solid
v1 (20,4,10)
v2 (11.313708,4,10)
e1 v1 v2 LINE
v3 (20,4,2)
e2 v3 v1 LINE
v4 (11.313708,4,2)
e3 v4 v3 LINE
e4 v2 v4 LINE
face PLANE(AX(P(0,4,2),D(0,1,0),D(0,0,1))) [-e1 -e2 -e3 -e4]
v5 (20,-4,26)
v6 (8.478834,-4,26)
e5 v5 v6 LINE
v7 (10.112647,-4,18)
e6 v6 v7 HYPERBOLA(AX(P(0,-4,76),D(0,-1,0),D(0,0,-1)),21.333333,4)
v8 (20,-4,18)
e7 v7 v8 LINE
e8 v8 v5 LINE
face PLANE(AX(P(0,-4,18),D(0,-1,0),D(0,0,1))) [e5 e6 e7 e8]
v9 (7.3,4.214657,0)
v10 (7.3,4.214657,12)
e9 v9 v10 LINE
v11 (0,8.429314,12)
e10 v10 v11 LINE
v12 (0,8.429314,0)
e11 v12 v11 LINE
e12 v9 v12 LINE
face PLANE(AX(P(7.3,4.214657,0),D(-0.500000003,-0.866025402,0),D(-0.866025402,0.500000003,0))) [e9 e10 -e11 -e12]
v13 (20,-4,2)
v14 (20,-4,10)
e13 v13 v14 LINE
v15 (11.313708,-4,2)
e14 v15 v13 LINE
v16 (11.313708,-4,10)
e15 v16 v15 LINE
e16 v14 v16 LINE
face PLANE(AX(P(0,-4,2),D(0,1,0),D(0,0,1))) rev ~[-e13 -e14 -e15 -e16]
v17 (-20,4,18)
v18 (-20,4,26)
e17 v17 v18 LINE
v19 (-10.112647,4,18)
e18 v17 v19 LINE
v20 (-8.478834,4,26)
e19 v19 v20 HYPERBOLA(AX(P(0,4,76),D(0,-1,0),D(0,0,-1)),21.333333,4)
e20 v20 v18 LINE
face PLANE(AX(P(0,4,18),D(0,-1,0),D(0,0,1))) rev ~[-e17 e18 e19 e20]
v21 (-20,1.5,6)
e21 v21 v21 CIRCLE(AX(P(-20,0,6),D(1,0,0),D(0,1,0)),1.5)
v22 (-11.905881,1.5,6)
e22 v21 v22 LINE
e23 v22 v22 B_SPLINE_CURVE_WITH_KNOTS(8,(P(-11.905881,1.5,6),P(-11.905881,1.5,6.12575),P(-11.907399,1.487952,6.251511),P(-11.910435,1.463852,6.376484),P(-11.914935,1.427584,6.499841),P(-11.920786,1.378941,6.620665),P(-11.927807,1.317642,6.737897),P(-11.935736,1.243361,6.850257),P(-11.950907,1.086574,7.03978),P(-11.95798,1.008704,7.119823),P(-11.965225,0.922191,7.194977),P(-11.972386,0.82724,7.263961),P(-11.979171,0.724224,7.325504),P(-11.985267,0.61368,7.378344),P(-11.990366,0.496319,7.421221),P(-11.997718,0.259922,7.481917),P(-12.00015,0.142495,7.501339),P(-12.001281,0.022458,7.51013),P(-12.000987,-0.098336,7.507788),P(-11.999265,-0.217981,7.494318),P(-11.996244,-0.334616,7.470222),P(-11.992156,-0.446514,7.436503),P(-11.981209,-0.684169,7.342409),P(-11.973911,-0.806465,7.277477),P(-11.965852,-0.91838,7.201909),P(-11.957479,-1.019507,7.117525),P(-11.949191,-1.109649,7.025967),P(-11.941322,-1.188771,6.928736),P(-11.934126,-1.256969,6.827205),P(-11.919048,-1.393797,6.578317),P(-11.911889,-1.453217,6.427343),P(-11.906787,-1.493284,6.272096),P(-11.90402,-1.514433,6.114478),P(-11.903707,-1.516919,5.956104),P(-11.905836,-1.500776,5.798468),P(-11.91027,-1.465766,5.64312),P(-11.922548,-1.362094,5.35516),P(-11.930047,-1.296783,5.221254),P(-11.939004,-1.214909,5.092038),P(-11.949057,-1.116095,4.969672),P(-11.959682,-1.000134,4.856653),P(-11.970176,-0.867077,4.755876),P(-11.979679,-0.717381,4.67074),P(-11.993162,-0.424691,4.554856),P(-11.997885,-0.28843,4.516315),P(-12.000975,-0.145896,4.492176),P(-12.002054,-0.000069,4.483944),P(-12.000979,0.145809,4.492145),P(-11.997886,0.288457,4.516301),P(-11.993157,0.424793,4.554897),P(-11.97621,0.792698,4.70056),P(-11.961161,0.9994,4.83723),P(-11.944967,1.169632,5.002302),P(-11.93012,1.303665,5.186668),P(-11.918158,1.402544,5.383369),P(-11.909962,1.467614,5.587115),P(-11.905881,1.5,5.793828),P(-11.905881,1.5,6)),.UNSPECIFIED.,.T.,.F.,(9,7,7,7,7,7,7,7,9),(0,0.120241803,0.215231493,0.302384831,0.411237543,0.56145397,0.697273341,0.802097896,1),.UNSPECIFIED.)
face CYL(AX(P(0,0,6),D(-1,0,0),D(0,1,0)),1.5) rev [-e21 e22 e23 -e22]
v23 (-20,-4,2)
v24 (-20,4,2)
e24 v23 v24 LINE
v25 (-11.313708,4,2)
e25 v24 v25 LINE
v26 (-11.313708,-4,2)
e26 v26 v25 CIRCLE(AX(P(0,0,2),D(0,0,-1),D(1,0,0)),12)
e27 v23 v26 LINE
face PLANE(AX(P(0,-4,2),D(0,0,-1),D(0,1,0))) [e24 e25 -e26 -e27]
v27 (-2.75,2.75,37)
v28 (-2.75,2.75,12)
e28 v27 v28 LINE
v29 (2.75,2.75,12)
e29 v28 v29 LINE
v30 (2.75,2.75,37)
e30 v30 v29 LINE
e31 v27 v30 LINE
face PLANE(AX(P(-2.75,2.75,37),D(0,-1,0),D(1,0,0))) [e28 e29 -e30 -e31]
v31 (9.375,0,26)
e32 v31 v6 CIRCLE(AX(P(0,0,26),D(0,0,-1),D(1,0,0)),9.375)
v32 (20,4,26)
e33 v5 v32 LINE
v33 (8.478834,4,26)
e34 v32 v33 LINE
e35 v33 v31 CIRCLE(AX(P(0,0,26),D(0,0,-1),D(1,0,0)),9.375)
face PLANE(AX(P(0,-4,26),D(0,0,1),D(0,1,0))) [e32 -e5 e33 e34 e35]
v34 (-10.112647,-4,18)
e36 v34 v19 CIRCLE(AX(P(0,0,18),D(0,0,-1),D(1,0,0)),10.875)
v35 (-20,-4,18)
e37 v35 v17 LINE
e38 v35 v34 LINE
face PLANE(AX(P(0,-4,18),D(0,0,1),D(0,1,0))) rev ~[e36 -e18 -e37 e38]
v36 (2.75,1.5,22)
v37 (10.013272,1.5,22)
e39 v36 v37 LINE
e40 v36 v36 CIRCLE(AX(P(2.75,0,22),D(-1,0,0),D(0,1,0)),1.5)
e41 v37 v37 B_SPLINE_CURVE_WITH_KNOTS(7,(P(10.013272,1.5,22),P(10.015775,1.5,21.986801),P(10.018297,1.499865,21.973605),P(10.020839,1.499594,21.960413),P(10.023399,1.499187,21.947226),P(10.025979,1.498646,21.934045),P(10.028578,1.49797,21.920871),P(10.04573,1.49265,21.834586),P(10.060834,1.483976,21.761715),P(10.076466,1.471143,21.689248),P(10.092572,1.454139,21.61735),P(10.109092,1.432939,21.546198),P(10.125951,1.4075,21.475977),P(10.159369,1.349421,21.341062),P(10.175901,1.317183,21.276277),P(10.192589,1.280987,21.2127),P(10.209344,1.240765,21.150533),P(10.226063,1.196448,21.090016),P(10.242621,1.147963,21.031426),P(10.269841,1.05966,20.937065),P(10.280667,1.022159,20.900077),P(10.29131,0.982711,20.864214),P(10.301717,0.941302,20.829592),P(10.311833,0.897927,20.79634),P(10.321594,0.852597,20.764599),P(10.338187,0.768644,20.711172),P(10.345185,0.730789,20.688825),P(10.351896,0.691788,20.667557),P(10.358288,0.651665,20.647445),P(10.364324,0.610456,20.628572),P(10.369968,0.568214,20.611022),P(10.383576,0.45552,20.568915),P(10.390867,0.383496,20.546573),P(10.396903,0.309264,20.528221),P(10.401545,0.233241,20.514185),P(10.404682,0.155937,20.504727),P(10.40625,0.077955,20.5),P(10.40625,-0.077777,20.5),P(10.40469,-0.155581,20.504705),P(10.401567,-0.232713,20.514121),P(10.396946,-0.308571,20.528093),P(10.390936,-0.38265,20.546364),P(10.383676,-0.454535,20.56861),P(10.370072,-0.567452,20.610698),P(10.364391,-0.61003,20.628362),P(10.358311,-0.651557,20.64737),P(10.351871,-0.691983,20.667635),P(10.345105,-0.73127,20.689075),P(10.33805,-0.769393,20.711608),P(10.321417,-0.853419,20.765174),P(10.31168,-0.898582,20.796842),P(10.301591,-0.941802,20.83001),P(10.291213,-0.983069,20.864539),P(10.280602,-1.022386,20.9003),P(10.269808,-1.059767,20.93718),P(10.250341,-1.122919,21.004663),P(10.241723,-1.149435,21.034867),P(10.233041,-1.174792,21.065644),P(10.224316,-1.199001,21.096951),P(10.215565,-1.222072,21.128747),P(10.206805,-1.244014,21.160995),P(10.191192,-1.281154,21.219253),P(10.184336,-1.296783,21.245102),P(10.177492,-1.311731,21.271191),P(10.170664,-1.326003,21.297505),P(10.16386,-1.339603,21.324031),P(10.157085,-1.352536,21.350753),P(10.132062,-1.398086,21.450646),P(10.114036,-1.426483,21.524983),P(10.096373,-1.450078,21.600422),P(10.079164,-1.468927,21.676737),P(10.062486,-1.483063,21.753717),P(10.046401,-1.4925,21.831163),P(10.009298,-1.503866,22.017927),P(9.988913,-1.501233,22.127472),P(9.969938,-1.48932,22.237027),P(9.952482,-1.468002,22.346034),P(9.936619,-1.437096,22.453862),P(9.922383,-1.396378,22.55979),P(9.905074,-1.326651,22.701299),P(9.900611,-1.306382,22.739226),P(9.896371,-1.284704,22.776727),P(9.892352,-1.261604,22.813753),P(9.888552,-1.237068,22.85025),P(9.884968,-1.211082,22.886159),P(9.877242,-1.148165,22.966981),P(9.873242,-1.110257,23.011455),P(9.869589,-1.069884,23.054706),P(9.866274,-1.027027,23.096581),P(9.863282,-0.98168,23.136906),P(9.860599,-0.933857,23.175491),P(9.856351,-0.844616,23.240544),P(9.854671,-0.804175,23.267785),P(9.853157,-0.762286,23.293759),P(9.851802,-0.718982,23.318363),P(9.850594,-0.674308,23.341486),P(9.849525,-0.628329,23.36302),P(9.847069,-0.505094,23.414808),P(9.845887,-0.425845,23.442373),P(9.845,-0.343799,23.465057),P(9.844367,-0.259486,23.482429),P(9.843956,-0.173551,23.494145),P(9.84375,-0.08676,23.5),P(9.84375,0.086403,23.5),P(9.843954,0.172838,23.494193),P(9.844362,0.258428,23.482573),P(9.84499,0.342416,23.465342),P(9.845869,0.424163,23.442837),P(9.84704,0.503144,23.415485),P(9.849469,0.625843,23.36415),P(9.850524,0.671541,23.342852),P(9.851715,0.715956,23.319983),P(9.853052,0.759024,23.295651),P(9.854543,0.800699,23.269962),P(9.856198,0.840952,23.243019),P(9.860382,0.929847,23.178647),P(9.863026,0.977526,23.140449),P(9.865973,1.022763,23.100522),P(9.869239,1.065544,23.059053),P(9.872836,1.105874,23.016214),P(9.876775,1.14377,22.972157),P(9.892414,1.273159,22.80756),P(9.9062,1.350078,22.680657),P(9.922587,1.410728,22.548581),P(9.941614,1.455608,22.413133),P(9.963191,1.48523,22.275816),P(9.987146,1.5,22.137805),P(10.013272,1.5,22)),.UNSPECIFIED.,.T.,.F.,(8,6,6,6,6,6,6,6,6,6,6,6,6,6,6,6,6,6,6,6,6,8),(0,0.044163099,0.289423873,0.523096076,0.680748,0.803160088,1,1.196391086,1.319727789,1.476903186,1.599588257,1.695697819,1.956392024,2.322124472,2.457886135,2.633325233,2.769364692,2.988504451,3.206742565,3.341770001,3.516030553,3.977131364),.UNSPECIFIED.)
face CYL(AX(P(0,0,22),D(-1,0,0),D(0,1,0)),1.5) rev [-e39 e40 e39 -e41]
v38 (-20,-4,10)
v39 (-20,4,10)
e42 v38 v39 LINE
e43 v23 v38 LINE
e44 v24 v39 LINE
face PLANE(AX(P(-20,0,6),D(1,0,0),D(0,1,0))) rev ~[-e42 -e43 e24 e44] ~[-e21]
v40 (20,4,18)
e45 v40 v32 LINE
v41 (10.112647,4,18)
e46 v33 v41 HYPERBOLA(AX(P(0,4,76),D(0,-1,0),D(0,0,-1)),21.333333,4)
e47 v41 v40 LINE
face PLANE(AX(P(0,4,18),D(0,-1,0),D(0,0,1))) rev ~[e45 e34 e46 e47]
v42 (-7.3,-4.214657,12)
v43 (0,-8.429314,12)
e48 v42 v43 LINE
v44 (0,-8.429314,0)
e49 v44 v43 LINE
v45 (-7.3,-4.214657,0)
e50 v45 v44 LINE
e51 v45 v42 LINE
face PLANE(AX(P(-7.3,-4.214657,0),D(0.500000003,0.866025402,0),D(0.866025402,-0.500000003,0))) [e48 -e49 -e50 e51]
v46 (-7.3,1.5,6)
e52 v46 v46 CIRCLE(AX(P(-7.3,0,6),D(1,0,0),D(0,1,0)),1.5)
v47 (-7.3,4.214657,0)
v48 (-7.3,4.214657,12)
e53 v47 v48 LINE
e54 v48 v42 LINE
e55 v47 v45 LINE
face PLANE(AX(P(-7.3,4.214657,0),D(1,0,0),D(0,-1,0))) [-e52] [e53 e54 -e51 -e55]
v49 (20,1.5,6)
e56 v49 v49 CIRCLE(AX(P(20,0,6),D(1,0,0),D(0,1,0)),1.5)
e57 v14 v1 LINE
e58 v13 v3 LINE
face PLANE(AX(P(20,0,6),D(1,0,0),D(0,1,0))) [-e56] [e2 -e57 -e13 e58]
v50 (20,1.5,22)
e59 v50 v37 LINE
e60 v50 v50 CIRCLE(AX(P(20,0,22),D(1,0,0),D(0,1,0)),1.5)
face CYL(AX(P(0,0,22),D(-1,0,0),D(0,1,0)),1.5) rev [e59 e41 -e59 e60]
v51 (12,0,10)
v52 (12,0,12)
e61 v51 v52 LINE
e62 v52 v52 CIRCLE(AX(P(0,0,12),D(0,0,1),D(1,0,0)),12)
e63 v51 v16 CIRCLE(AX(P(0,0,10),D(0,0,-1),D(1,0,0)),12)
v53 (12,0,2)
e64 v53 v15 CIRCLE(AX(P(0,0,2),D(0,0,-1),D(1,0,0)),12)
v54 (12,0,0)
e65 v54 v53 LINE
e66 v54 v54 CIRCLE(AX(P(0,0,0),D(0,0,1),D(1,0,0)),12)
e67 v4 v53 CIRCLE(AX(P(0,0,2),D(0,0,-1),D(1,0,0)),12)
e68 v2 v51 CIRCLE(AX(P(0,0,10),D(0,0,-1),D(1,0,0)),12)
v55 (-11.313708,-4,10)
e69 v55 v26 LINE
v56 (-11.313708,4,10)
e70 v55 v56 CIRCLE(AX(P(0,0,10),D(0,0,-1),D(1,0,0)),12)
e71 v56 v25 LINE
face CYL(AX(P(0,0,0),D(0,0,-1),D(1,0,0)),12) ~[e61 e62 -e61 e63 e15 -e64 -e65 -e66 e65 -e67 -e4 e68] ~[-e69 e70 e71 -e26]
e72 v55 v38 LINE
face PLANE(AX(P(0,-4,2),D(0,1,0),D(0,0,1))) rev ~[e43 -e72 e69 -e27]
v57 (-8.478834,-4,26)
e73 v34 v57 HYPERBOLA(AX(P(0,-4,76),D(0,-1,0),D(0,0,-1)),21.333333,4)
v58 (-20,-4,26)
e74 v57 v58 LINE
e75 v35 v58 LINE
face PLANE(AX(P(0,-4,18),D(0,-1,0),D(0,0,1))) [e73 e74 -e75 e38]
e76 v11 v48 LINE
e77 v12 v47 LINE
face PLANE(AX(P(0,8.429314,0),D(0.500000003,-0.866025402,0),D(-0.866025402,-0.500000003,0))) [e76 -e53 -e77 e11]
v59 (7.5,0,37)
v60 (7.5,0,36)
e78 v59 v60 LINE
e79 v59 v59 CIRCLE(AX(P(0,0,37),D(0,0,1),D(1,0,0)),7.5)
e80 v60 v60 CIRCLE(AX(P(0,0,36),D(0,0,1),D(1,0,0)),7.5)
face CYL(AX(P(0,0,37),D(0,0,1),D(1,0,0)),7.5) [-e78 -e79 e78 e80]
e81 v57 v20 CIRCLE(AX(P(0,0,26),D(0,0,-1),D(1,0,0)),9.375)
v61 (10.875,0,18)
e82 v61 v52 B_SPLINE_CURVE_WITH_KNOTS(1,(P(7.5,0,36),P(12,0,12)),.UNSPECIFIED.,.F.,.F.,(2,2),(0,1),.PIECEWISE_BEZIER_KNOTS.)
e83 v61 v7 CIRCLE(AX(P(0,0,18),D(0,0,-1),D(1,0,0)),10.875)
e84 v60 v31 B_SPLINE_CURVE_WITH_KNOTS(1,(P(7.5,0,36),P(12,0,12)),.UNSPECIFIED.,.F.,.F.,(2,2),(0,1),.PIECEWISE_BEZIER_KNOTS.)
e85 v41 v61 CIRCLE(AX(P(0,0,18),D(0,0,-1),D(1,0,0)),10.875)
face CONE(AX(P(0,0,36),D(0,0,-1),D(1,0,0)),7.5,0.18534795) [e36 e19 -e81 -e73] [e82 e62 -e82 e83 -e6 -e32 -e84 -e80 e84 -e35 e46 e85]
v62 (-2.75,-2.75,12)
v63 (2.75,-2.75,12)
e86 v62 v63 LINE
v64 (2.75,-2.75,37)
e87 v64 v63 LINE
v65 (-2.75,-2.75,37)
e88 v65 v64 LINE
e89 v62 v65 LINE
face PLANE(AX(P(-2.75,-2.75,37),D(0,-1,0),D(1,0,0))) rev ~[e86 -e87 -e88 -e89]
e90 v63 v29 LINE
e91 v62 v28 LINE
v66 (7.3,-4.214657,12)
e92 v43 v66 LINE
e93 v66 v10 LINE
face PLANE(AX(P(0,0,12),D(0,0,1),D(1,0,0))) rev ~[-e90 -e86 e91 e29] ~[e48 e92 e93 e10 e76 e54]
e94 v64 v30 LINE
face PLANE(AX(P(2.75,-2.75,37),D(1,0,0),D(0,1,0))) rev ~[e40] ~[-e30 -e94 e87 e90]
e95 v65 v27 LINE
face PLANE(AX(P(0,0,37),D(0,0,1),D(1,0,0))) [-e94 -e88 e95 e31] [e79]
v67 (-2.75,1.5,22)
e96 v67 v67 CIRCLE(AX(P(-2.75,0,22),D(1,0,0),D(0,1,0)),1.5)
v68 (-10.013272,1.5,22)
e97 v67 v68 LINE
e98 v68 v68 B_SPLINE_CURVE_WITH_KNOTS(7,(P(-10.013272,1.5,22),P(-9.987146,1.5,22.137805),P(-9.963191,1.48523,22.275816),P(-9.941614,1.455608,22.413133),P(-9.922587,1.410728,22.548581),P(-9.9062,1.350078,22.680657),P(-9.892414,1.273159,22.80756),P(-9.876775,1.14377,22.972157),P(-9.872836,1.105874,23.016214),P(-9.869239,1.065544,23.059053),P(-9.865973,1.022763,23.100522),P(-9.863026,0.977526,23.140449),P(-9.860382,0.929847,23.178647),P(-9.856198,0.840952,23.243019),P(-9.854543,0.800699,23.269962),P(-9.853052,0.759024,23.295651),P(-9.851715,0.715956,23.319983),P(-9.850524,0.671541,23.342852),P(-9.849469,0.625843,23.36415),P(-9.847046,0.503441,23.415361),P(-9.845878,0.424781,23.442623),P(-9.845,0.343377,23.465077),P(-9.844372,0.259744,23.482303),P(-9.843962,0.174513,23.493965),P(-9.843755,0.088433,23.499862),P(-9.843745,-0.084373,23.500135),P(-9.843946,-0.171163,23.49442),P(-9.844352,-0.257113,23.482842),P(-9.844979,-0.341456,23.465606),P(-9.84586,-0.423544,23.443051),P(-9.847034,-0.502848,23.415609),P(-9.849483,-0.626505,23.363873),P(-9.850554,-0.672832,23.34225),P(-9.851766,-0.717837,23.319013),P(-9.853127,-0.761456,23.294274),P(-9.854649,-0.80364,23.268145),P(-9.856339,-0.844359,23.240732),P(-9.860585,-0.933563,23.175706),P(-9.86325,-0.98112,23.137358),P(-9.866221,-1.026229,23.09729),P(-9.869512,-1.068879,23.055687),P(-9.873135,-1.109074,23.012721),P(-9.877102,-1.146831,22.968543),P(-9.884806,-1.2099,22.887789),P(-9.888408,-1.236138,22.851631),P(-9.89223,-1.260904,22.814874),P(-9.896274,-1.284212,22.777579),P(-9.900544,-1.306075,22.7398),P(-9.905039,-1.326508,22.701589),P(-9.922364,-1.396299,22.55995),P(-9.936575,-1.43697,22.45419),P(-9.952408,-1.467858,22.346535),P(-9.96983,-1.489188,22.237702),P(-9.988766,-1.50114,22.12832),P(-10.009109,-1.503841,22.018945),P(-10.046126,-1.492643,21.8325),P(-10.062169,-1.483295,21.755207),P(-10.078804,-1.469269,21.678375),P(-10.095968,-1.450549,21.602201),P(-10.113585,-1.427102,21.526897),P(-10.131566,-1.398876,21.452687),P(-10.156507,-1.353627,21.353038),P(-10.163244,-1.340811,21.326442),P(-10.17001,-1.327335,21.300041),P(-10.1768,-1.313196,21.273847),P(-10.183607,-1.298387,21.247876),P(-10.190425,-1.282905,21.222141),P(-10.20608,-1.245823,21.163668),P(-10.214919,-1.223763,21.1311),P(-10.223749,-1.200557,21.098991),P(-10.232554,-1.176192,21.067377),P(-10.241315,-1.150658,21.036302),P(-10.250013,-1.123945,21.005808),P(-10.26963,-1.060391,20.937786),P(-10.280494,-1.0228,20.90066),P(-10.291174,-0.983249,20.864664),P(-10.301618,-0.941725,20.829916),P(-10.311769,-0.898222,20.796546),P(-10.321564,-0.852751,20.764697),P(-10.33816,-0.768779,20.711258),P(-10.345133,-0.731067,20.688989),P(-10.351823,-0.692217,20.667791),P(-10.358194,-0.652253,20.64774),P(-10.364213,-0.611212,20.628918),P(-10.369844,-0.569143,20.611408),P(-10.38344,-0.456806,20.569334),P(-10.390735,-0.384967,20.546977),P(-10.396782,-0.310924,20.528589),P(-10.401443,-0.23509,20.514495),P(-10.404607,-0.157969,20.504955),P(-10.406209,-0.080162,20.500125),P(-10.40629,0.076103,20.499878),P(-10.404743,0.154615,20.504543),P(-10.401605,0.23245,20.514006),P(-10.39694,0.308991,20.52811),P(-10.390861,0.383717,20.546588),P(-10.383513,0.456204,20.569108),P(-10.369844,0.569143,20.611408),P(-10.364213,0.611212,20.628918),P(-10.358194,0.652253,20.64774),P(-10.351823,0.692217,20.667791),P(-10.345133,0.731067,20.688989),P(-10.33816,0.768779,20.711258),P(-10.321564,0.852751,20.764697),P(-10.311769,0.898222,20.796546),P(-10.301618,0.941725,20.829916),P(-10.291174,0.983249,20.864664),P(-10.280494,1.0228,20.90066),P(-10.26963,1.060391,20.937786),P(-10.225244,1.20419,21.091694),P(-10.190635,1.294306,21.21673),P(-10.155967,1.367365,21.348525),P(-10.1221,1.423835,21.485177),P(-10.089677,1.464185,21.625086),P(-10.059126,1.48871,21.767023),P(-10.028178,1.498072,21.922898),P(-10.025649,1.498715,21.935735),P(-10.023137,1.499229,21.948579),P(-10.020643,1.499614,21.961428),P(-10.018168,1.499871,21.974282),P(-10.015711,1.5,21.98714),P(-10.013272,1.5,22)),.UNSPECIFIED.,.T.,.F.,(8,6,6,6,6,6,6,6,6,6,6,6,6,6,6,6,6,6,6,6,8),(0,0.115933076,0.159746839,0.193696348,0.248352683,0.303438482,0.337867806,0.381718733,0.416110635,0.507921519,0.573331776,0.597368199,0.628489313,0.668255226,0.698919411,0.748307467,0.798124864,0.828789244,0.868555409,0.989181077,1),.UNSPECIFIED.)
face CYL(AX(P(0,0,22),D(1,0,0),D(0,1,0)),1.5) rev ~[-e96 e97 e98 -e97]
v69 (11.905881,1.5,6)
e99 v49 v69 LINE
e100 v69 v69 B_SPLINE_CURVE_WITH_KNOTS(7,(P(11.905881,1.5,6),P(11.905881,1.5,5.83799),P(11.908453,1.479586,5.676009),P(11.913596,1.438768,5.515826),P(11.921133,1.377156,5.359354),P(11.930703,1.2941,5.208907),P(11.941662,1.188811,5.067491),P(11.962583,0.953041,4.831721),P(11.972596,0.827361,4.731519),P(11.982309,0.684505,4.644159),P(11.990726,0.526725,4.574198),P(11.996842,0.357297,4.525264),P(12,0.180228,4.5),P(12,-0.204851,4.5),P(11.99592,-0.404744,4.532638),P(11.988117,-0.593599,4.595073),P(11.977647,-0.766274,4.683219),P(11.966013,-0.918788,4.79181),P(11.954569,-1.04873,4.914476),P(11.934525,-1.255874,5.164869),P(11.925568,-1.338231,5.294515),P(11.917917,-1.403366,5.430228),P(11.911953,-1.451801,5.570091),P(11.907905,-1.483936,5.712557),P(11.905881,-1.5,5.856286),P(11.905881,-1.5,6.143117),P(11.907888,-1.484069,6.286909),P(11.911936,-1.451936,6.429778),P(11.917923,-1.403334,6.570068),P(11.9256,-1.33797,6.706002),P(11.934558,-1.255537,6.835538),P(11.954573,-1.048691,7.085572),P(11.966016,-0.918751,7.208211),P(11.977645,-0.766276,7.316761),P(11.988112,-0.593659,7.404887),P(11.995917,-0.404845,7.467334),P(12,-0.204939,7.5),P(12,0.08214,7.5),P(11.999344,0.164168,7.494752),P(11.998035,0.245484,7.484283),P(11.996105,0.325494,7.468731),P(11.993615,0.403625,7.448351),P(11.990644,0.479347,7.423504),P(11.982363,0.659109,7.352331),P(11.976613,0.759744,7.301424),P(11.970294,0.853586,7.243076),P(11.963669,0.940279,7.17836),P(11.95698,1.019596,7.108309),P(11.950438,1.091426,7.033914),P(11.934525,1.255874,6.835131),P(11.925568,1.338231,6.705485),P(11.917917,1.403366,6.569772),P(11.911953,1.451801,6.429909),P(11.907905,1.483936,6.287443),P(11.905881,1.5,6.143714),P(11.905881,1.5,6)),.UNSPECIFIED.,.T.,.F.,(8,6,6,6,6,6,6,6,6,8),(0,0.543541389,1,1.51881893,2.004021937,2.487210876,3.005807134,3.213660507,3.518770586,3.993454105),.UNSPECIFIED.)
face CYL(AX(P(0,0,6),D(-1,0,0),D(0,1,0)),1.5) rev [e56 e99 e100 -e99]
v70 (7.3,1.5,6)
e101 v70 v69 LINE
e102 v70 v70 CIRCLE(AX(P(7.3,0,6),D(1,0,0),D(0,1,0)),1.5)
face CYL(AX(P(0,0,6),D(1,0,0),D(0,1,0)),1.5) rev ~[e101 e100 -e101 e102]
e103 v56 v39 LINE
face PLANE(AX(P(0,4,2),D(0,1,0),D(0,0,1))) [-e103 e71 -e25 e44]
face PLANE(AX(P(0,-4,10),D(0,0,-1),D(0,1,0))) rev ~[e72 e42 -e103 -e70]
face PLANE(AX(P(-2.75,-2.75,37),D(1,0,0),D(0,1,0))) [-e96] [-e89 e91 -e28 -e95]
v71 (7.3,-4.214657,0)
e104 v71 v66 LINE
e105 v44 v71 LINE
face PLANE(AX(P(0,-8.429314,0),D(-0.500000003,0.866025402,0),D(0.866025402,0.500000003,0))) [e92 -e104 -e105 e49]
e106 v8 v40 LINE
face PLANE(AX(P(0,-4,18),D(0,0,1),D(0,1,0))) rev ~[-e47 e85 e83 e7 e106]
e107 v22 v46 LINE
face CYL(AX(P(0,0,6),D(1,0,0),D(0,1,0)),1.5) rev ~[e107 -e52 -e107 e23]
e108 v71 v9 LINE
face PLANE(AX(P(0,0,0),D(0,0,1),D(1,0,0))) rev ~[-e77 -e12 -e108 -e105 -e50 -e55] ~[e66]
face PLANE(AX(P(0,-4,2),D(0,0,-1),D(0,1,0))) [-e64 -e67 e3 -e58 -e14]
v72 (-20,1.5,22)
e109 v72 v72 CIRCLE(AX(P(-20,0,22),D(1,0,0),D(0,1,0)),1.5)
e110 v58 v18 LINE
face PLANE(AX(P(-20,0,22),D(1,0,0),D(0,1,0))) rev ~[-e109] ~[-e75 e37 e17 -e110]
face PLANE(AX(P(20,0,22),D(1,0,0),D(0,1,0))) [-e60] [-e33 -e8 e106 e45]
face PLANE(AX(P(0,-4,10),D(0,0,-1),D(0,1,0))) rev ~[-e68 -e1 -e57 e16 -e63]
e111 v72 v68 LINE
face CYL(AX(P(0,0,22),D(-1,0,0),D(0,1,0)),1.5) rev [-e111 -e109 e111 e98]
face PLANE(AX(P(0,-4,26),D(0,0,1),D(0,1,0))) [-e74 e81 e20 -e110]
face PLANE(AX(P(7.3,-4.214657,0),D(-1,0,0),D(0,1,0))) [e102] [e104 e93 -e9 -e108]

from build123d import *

# Parameters (mm, degrees)
F0_R        = 12
F1_DEPTH    = 12
F3_R        = 7.5
F3_W        = 5.5
F3_H        = 5.5
F4_DEPTH    = 1
F4_FACE_R   = 7.5
F1_FACE_R   = 12
F6_DEPTH    = 25
F7_DEPTH    = 12
F8_W        = 8
F8_H        = 8
F8_R        = 1.5
F9_DEPTH    = 20
F9_FACE_W   = 14.6
F9_FACE_H   = 8
F10_DEPTH   = 8
F9_FACE_W_2 = 5.5
F9_FACE_H_2 = 5.5
F11_DEPTH   = 25
F12_DEPTH   = 12.5


with BuildPart() as f1:
    # F0 (on Top) → F1 (new body)
    with BuildSketch(Plane.XY):
        Circle(F0_R)
        Polygon((-7.3, -4.214657), (-7.3, 4.214657), (0, 8.429314), (7.3, 4.214657), (7.3, -4.214657), (0, -8.429314), align=None, mode=Mode.SUBTRACT)
        Polygon((0, 8.429314), (-7.3, 4.214657), (-7.3, -4.214657), (0, -8.429314), (7.3, -4.214657), (7.3, 4.214657), align=None)
    extrude(amount=F1_DEPTH)



with BuildPart() as f4:
    # F3 (on offset) → F4 (new body)
    with BuildSketch(Plane.XY.offset(37)):
        Circle(F3_R)
        Rectangle(F3_W, F3_H, mode=Mode.SUBTRACT)
        Rectangle(F3_W, F3_H)
    extrude(amount=-F4_DEPTH)


with BuildPart() as f1_1:
    add(f1.part)

    add(f4.part)  # F5 merges F4
    # F4_face (on face) → F5 section 0
    with BuildSketch(Plane(origin=(0, 0, 36), x_dir=(1, 0, 0), z_dir=(0, 0, -1))):
        Circle(F4_FACE_R)
    # F1_face (on face) → F5 section 1
    with BuildSketch(Plane.XY.offset(12)):
        Circle(F1_FACE_R)
    loft()

    # F3 (on offset) → F6 (cut)
    with BuildSketch(Plane.XY.offset(37)):
        Rectangle(F3_W, F3_H)
    extrude(amount=-F6_DEPTH, mode=Mode.SUBTRACT)

    # F0 (on Top) → F7 (cut)
    with BuildSketch(Plane.XY):
        Polygon((0, 8.429314), (-7.3, 4.214657), (-7.3, -4.214657), (0, -8.429314), (7.3, -4.214657), (7.3, 4.214657), align=None)
    extrude(amount=F7_DEPTH, mode=Mode.SUBTRACT)

    # F8 (on Right) → F9 (join, symmetric)
    with BuildSketch(Plane.YZ):
        with Locations((0, 22)):
            Rectangle(F8_W, F8_H)
        with Locations((0, 22)):
            Circle(F8_R, mode=Mode.SUBTRACT)
        with Locations((0, 6)):
            Rectangle(F8_W, F8_H)
        with Locations((0, 6)):
            Circle(F8_R, mode=Mode.SUBTRACT)
    extrude(amount=F9_DEPTH, both=True)

    # F9_face (on face) → F10 (cut)
    with BuildSketch(Plane(origin=(0, 0, 2), x_dir=(1, 0, 0), z_dir=(0, 0, -1))):
        Rectangle(F9_FACE_W, F9_FACE_H)
    extrude(amount=-F10_DEPTH, mode=Mode.SUBTRACT)

    # F9_face (on face) → F11 (cut)
    with BuildSketch(Plane(origin=(0, 0, 2), x_dir=(1, 0, 0), z_dir=(0, 0, -1))):
        Rectangle(F9_FACE_W_2, F9_FACE_H_2)
    extrude(amount=-F11_DEPTH, mode=Mode.SUBTRACT)

    # F8 (on Right) → F12 (cut, symmetric)
    with BuildSketch(Plane.YZ):
        with Locations((0, 22)):
            Circle(F8_R)
        with Locations((0, 6)):
            Circle(F8_R)
    extrude(amount=F12_DEPTH, both=True, mode=Mode.SUBTRACT)


solid = f1_1.part
